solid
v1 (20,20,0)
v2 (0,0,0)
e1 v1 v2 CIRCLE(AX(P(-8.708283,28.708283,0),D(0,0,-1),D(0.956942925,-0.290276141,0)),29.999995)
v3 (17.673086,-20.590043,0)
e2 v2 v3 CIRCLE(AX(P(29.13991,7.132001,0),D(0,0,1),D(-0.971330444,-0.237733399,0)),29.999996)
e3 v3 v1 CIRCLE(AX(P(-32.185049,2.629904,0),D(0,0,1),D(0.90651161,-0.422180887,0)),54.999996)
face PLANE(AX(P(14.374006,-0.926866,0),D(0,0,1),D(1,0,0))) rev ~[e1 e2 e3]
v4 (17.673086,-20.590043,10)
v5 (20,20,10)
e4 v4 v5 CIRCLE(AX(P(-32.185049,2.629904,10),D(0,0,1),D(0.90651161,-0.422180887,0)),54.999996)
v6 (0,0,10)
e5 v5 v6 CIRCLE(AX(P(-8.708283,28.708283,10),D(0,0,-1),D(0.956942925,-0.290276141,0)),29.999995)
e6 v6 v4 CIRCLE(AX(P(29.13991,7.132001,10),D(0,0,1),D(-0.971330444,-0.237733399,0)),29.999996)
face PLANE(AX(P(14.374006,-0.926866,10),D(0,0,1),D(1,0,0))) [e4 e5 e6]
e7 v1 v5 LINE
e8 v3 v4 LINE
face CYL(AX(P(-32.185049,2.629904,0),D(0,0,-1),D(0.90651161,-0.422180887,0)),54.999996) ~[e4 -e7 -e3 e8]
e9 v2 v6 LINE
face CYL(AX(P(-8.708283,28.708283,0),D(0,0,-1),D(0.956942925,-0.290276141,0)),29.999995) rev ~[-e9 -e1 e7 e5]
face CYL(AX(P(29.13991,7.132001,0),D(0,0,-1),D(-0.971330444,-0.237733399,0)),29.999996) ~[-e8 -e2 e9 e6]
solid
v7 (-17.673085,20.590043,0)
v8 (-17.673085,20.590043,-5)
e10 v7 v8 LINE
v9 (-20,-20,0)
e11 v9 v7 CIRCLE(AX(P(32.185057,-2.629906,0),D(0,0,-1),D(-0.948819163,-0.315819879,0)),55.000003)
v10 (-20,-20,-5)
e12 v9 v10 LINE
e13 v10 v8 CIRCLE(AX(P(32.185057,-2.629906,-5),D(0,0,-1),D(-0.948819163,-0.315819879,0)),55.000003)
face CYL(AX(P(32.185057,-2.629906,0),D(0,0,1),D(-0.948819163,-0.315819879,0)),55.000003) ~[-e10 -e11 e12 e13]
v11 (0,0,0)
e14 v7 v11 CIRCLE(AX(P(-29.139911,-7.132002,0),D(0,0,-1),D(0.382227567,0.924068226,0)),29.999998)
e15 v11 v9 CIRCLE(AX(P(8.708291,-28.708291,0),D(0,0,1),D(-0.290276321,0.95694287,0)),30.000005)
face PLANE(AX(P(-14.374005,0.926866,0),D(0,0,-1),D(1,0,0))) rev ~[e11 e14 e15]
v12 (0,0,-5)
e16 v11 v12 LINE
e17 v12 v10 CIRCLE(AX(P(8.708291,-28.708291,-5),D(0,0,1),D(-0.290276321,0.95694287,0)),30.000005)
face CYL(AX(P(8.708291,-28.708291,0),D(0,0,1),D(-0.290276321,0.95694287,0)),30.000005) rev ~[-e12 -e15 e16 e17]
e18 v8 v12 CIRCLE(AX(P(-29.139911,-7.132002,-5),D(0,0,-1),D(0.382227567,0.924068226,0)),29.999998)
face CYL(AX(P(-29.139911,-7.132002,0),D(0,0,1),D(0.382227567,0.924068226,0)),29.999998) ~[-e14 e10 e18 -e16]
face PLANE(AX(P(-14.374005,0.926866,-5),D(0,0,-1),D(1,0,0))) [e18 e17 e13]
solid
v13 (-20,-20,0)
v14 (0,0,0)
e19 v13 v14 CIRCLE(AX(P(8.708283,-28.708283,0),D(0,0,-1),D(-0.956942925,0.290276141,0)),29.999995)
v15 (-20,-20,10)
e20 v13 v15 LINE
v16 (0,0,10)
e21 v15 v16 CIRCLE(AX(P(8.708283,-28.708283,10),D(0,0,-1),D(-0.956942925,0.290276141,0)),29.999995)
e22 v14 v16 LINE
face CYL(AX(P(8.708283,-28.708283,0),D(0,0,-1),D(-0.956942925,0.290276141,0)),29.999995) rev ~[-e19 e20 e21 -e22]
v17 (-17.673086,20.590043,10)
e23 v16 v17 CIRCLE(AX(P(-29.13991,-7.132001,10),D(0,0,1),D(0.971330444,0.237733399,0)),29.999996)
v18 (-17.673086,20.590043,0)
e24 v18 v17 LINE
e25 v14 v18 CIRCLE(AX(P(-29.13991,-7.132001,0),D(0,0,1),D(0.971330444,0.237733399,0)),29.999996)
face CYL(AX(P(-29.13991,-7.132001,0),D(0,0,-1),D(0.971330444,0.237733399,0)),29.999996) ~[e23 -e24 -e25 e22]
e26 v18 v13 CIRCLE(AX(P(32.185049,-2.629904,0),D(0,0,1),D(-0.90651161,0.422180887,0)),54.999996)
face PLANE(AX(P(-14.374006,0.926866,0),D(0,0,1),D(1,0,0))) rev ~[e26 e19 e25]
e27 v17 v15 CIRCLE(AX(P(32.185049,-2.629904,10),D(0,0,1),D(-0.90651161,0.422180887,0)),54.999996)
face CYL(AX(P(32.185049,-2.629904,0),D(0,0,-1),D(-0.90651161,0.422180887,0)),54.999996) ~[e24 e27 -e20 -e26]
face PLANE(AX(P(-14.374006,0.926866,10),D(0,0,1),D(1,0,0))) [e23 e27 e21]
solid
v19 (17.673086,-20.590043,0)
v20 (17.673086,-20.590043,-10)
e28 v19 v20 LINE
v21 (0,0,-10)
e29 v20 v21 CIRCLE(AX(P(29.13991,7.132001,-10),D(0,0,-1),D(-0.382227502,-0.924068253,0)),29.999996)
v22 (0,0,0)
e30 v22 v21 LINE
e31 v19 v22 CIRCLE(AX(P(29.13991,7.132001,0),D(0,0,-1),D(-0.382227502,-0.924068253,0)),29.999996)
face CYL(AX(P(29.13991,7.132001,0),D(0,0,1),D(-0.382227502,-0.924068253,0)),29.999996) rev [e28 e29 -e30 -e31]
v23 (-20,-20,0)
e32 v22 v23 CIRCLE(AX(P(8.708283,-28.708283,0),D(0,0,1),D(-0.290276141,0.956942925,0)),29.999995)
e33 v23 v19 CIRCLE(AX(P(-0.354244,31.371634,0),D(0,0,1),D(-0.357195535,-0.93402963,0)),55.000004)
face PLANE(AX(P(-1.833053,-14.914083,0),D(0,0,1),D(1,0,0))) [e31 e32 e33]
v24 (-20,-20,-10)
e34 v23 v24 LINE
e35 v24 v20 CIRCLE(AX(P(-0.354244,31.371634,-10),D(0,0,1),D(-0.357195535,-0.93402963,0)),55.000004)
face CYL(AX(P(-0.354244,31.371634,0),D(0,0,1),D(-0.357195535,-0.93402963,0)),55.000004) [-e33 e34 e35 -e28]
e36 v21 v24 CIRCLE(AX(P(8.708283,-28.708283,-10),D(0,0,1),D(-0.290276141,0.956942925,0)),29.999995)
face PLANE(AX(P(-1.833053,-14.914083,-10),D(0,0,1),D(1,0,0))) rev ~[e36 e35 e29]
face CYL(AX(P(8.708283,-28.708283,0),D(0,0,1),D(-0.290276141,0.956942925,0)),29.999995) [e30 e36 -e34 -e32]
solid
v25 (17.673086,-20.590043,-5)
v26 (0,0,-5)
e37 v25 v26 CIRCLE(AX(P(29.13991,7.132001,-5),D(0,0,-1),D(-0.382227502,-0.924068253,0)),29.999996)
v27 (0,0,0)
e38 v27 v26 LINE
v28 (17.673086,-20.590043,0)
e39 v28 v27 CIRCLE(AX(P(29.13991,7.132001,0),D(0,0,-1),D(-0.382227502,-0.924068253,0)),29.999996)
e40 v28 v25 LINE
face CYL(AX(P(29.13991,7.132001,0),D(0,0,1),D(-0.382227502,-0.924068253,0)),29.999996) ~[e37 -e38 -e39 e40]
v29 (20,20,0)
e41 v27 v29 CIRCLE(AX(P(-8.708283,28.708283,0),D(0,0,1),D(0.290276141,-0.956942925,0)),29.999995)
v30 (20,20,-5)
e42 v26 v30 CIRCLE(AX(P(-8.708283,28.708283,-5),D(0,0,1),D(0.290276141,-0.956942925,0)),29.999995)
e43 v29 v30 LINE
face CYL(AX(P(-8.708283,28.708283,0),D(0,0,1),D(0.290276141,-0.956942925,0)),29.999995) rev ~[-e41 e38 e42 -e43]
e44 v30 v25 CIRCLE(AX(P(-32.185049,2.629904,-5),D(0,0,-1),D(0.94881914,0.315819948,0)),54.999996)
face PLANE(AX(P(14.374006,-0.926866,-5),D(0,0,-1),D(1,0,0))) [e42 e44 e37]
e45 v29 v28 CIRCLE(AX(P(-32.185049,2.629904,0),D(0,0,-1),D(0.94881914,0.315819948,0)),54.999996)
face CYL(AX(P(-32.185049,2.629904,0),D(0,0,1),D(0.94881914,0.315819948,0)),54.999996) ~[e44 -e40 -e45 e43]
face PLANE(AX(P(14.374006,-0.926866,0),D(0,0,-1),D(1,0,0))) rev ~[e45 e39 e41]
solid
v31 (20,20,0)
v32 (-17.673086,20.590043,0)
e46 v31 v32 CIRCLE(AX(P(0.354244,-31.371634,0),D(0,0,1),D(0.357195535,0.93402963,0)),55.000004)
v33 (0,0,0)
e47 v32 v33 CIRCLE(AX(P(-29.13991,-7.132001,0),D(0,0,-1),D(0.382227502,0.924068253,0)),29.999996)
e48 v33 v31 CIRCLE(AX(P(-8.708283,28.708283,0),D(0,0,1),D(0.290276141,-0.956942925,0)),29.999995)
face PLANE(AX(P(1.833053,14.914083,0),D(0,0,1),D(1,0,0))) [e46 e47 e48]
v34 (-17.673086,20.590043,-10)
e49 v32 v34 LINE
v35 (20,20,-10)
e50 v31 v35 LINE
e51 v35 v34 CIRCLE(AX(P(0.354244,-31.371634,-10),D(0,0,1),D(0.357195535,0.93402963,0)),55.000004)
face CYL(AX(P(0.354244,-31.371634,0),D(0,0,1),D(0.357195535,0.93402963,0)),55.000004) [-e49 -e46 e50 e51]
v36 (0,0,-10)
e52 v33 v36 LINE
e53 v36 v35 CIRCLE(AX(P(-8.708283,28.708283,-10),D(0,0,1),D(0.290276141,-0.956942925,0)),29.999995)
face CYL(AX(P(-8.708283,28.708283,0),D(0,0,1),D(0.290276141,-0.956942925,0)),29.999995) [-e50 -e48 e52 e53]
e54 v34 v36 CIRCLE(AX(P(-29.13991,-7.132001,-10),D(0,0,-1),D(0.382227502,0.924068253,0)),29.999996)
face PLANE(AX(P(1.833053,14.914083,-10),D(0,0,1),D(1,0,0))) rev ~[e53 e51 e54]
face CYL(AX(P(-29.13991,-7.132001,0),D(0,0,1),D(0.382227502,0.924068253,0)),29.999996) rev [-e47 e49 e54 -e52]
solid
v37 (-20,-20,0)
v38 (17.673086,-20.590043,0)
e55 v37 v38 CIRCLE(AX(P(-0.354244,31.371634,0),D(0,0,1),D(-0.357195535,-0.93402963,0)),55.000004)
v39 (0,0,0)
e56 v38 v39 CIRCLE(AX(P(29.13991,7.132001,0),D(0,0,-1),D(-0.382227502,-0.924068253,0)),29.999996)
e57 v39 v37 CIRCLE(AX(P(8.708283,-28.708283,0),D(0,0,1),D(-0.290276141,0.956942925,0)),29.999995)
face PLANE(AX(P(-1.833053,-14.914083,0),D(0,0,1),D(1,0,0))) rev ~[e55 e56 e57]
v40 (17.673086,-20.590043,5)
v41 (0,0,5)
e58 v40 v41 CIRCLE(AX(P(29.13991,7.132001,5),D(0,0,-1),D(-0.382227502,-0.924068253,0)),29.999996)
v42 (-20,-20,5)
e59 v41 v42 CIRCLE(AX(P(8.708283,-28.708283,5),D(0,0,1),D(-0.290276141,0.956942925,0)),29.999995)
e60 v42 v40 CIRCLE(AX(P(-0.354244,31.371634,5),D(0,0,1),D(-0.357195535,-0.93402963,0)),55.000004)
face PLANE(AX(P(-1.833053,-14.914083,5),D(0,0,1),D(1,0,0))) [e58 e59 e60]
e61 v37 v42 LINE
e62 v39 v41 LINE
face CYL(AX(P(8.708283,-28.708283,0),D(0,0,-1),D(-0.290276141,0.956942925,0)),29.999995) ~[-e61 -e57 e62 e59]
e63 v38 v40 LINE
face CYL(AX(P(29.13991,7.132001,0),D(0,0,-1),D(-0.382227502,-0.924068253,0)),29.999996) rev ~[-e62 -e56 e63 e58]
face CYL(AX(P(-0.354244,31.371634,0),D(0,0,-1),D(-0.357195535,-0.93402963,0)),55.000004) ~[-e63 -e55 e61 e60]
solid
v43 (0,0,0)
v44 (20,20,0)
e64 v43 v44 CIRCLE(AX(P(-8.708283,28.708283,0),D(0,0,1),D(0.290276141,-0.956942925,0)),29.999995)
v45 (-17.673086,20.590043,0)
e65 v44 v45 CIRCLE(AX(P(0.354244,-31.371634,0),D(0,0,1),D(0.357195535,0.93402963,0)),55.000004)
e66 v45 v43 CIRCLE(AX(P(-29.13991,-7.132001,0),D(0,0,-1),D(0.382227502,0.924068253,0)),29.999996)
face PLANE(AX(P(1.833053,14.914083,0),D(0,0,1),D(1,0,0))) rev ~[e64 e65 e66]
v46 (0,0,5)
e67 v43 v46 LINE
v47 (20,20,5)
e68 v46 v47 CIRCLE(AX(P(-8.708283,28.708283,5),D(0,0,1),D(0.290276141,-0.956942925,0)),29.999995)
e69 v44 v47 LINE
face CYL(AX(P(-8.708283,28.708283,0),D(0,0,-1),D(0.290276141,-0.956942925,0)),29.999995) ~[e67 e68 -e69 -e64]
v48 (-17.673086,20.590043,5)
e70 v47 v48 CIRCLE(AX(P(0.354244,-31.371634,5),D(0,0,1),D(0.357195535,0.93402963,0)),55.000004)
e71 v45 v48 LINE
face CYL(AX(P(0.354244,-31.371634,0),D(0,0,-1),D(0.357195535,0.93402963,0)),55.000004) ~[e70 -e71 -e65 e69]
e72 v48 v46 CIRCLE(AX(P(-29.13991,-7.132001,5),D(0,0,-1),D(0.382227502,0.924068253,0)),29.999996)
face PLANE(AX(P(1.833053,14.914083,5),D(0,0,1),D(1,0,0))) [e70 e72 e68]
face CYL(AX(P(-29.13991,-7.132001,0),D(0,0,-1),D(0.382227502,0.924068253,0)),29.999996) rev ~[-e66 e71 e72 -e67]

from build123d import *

# Parameters (mm, degrees)
F1_DEPTH = 10
F2_DEPTH = 5
F3_DEPTH = 10
F4_DEPTH = 5


with BuildPart() as f1:
    # F0 (on Top) → F1 (new body)
    with BuildSketch(Plane.XY):
        with BuildLine():
            ThreePointArc((-20, -20), (-12.504917, -7.495083), (0, 0))
            ThreePointArc((0, 0), (-6.375592, 12.407334), (-17.673086, 20.590043))
            ThreePointArc((-17.673086, 20.590043), (-22.724793, 0.517924), (-20, -20))
        make_face()
        with BuildLine():
            ThreePointArc((20, 20), (12.504917, 7.495083), (0, 0))
            ThreePointArc((0, 0), (6.375592, -12.407334), (17.673086, -20.590043))
            ThreePointArc((17.673086, -20.590043), (22.724793, -0.517924), (20, 20))
        make_face()
    extrude(amount=F1_DEPTH)


with BuildPart() as f2:
    # F1_face (on face) → F2 (new body)
    with BuildSketch(Plane(origin=(-13.928541, 2.882475, 0), x_dir=(1, 0, 0), z_dir=(0, 0, -1))):
        with BuildLine():
            ThreePointArc((13.928541, 2.882475), (1.423625, 10.377559), (-6.071459, 22.882475))
            ThreePointArc((-6.071459, 22.882475), (-8.796251, 2.364551), (-3.744544, -17.707568))
            ThreePointArc((-3.744544, -17.707568), (7.552949, -9.524859), (13.928541, 2.882475))
        make_face()
        with BuildLine():
            ThreePointArc((33.928541, -17.117525), (36.653334, 3.400399), (31.601627, 23.472518))
            ThreePointArc((31.601627, 23.472518), (20.304133, 15.289809), (13.928541, 2.882475))
            ThreePointArc((13.928541, 2.882475), (26.433458, -4.612608), (33.928541, -17.117525))
        make_face()
    extrude(amount=F2_DEPTH)


with BuildPart() as f3:
    # F0 (on Top) → F3 (new body)
    with BuildSketch(Plane.XY):
        with BuildLine():
            ThreePointArc((-17.673086, 20.590043), (-6.375592, 12.407334), (0, 0))
            ThreePointArc((0, 0), (12.504917, 7.495083), (20, 20))
            ThreePointArc((20, 20), (1.215559, 23.621626), (-17.673086, 20.590043))
        make_face()
        with BuildLine():
            ThreePointArc((17.673086, -20.590043), (6.375592, -12.407334), (0, 0))
            ThreePointArc((0, 0), (-12.504917, -7.495083), (-20, -20))
            ThreePointArc((-20, -20), (-1.215559, -23.621626), (17.673086, -20.590043))
        make_face()
    extrude(amount=-F3_DEPTH)


with BuildPart() as f4:
    # F0 (on Top) → F4 (new body)
    with BuildSketch(Plane.XY):
        with BuildLine():
            ThreePointArc((-17.673086, 20.590043), (-6.375592, 12.407334), (0, 0))
            ThreePointArc((0, 0), (12.504917, 7.495083), (20, 20))
            ThreePointArc((20, 20), (1.215559, 23.621626), (-17.673086, 20.590043))
        make_face()
        with BuildLine():
            ThreePointArc((17.673086, -20.590043), (6.375592, -12.407334), (0, 0))
            ThreePointArc((0, 0), (-12.504917, -7.495083), (-20, -20))
            ThreePointArc((-20, -20), (-1.215559, -23.621626), (17.673086, -20.590043))
        make_face()
    extrude(amount=F4_DEPTH)


solid = Compound([f1.part, f2.part, f3.part, f4.part])
